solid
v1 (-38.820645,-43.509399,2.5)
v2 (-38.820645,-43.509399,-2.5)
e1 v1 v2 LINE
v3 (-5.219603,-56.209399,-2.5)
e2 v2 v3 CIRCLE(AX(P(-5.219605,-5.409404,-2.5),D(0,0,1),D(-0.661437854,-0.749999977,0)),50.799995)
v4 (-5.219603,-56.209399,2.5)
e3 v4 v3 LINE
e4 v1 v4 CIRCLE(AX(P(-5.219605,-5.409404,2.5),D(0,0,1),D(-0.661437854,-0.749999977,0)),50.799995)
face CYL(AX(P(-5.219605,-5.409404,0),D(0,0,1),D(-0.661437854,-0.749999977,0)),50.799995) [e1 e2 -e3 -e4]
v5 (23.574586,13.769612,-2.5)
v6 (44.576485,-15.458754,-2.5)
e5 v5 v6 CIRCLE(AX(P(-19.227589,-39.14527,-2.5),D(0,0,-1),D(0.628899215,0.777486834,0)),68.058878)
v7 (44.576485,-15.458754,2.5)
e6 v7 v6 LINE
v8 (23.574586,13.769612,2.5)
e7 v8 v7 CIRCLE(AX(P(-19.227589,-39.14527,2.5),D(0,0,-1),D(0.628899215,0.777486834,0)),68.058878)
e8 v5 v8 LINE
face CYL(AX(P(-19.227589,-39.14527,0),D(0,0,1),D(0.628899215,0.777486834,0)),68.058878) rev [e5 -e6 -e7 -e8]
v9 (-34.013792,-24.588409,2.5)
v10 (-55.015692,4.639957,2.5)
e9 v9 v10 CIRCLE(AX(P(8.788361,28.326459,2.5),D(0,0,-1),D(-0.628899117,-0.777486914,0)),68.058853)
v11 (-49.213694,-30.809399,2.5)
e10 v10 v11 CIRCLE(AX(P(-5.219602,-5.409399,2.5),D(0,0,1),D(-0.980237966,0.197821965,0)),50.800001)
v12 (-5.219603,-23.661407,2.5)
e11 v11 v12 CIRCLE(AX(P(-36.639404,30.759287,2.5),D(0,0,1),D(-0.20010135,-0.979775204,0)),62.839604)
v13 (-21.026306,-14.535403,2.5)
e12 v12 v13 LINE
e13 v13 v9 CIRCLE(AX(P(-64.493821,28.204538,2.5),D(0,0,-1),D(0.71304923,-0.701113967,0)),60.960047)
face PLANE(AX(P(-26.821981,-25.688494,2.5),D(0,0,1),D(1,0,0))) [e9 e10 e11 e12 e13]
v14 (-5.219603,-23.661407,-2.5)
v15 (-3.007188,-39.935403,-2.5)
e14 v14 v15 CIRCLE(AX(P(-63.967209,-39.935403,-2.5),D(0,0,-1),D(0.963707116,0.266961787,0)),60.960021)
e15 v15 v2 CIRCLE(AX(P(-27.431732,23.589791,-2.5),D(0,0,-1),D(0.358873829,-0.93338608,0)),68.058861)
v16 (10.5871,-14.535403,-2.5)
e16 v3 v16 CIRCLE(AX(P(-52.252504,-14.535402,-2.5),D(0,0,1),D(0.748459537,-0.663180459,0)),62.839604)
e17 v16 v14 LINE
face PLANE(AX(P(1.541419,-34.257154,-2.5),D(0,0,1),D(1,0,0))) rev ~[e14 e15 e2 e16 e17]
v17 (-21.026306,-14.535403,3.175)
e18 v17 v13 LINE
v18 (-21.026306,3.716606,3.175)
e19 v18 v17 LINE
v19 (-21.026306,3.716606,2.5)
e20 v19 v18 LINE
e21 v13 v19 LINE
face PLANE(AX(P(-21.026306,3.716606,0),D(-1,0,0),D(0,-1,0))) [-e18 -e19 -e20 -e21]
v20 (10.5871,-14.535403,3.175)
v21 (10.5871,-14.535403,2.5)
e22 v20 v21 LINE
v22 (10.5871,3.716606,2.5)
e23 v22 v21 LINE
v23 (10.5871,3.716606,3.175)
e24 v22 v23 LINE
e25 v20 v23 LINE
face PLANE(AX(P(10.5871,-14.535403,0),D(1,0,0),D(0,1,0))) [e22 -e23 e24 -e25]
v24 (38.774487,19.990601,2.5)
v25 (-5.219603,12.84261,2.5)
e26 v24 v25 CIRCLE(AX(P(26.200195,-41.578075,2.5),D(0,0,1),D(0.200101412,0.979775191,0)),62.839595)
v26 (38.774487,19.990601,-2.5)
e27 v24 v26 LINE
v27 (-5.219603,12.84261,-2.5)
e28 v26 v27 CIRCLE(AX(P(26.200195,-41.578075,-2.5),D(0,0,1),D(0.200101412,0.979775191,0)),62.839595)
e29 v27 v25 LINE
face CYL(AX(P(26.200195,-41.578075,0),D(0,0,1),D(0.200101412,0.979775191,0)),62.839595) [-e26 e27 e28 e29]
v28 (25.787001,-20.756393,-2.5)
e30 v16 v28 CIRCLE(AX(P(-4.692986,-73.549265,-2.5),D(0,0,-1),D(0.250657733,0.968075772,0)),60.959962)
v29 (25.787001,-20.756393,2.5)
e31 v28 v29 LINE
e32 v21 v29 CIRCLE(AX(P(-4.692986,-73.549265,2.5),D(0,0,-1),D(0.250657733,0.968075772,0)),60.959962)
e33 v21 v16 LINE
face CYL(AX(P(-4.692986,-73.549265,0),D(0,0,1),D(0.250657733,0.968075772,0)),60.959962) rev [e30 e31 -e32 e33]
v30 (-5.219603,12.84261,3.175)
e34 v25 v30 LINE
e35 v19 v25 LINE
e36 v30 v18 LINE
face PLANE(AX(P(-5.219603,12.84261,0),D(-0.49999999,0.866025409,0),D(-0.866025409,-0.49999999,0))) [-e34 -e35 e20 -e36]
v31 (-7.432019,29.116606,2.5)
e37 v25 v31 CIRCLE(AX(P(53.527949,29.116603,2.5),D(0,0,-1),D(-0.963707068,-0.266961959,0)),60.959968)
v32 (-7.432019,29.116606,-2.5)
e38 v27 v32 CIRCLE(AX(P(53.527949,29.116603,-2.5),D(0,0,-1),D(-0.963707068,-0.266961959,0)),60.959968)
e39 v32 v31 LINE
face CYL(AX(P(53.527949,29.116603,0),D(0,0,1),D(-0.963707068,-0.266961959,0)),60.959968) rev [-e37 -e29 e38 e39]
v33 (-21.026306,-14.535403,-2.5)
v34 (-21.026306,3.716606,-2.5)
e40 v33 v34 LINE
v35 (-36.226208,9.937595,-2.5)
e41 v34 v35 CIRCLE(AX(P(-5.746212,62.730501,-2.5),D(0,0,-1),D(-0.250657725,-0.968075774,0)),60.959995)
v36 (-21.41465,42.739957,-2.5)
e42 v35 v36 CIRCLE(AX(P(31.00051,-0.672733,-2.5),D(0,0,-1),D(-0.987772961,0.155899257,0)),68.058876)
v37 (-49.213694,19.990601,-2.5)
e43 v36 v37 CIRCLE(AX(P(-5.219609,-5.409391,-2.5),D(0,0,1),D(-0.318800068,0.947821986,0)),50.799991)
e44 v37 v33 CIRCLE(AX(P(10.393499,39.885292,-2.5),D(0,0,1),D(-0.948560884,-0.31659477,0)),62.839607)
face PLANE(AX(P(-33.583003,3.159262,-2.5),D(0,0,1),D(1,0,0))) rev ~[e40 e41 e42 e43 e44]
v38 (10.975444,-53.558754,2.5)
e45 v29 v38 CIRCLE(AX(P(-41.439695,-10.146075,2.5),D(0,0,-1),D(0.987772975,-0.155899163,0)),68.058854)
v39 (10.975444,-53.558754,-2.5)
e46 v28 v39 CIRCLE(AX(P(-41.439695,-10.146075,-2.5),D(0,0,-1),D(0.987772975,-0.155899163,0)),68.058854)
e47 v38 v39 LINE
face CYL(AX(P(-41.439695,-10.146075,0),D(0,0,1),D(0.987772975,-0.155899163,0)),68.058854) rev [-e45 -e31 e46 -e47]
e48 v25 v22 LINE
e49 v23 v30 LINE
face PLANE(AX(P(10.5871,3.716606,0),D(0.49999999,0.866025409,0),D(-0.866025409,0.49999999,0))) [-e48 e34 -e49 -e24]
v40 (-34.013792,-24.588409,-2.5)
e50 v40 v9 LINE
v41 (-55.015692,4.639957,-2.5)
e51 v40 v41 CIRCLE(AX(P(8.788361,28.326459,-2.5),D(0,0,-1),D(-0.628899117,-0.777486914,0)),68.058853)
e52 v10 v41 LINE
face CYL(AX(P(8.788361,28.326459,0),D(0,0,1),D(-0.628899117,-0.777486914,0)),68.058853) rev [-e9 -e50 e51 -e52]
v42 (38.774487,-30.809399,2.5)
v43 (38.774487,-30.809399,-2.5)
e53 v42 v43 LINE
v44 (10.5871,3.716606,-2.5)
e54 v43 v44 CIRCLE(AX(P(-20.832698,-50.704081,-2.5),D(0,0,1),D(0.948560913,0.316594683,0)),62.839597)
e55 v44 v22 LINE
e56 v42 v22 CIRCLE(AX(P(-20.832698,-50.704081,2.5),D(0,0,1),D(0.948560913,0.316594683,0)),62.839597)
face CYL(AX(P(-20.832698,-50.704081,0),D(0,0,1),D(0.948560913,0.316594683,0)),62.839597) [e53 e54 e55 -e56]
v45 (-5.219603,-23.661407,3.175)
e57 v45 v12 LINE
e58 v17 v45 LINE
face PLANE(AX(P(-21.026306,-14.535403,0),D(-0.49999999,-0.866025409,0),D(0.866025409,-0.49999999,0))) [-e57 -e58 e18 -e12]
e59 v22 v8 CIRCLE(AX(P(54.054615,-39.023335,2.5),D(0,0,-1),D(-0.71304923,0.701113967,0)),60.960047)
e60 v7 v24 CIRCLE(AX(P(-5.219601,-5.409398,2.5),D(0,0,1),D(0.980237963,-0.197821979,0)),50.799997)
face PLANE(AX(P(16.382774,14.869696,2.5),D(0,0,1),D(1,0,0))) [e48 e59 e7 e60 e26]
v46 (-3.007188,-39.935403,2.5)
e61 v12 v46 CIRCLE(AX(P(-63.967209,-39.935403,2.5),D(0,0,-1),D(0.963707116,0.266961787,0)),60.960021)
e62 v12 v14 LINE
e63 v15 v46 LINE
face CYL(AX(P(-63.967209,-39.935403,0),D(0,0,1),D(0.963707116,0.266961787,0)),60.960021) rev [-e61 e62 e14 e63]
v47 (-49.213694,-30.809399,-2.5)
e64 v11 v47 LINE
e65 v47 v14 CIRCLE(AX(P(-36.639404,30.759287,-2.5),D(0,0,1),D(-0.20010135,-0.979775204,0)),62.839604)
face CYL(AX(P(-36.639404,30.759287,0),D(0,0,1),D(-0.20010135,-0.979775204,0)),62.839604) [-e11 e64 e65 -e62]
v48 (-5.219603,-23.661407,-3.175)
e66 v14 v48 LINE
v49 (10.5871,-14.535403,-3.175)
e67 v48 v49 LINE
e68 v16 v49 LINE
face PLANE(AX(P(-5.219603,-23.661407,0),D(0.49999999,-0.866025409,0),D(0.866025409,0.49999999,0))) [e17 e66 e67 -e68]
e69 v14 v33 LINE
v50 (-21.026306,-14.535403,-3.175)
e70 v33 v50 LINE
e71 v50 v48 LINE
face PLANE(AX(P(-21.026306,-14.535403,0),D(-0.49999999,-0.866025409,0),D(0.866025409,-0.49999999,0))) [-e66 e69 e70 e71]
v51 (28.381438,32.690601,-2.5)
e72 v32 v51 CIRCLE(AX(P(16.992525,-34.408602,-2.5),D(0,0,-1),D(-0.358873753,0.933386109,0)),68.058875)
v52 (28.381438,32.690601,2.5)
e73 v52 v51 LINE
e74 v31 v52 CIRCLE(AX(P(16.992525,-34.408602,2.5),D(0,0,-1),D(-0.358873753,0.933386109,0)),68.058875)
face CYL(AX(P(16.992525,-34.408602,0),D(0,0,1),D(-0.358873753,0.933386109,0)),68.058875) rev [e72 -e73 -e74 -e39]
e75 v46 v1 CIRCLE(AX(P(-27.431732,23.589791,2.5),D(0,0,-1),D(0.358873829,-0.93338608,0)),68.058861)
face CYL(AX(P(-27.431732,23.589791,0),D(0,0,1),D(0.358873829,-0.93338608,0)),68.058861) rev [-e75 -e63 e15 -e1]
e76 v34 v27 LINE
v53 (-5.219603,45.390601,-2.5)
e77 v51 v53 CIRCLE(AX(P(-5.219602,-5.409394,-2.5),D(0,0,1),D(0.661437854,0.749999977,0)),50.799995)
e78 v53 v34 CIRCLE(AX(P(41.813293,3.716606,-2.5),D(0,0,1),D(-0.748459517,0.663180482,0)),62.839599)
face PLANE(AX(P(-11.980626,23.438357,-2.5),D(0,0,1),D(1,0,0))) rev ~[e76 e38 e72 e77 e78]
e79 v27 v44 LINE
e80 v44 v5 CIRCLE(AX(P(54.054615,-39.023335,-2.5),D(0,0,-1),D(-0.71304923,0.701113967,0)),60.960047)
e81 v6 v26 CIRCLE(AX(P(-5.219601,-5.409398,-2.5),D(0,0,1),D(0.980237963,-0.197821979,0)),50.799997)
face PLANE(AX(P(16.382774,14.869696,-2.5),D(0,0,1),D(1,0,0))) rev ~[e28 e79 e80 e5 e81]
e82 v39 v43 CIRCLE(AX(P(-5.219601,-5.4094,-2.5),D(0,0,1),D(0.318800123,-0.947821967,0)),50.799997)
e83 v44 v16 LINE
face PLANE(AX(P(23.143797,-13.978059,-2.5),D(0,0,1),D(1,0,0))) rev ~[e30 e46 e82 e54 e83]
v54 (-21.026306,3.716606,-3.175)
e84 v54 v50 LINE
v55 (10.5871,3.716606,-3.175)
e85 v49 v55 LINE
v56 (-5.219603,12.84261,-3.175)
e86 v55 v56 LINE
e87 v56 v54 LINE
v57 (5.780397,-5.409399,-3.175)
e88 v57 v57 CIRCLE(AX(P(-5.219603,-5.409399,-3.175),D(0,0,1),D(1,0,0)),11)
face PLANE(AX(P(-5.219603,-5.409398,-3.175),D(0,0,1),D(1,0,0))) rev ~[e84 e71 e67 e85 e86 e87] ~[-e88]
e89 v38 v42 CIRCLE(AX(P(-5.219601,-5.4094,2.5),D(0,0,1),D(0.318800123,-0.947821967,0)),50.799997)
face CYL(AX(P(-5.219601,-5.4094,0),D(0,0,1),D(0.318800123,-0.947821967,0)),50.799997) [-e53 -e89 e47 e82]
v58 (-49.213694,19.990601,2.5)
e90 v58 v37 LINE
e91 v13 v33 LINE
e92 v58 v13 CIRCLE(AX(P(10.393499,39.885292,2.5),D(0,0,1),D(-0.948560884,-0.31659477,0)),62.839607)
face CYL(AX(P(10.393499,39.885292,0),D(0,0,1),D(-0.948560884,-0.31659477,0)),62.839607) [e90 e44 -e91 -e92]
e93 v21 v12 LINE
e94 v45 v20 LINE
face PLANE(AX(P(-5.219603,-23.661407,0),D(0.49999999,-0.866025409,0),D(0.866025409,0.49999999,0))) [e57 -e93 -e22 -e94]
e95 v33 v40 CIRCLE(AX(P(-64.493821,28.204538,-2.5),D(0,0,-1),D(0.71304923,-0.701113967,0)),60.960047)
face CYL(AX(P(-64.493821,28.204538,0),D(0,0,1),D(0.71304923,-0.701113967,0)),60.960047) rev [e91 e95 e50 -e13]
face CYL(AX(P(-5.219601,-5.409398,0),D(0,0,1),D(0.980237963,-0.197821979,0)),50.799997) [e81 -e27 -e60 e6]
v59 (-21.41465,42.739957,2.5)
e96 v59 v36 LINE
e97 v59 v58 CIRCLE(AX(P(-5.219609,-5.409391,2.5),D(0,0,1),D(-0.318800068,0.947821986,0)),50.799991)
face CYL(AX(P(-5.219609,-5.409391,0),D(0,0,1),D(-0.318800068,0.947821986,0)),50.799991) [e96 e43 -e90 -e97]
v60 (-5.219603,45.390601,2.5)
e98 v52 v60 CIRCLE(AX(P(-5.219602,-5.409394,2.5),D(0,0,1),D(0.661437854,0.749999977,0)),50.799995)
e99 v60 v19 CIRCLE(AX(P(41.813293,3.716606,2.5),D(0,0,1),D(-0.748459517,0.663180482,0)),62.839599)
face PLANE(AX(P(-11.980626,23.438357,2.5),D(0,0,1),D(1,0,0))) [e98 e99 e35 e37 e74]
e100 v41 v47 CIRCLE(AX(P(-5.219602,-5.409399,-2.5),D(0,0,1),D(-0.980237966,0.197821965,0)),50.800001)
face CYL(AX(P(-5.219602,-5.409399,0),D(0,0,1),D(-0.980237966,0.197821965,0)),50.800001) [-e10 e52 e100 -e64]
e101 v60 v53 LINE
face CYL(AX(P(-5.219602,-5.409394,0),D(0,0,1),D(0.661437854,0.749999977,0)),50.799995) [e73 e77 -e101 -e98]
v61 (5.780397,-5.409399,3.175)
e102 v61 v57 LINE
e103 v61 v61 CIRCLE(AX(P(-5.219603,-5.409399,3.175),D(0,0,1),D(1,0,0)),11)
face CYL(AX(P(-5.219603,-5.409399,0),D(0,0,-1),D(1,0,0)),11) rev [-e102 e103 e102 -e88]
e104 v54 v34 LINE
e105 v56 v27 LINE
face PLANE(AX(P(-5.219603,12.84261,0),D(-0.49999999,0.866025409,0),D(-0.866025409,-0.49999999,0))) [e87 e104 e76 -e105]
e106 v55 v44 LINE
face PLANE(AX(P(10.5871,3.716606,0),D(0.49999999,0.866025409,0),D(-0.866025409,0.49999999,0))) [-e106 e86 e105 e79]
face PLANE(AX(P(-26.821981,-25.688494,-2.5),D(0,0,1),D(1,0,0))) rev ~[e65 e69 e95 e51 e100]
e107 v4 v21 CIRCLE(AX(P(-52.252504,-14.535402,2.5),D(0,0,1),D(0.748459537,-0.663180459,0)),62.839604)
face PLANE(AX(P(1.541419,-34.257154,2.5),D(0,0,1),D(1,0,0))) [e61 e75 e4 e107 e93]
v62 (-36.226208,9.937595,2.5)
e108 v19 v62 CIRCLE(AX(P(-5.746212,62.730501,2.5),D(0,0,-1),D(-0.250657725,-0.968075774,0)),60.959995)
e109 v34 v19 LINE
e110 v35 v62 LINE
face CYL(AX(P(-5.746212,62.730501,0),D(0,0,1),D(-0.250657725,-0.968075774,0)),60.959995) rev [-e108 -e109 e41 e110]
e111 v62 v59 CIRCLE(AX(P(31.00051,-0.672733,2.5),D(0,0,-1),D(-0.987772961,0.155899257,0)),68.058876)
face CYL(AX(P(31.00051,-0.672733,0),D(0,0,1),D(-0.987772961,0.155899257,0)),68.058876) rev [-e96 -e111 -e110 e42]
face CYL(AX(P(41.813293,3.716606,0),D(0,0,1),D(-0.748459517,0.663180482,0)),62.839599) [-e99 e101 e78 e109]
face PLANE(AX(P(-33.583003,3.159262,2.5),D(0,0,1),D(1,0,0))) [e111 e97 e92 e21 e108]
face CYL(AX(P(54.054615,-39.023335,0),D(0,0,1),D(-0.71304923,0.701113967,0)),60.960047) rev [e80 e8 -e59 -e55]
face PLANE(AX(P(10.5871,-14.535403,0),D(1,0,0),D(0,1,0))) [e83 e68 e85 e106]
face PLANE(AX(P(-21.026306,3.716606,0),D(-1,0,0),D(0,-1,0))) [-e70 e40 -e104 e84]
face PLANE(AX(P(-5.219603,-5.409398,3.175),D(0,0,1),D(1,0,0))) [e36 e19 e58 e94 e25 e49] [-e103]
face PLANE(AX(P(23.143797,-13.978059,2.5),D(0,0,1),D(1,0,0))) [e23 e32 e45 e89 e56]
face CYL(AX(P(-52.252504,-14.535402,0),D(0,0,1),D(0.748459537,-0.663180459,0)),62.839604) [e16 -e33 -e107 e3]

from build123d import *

# Parameters (mm, degrees)
F1_DEPTH = 2.5
F0_R     = 11
F2_DEPTH = 3.175


with BuildPart() as f1:
    # F0 (on Top) → F1 (new body, symmetric)
    with BuildSketch(Plane.XY):
        with BuildLine():
            ThreePointArc((38.774487, -30.809399), (27.844701, -10.96335), (10.5871, 3.716606))
            Line((10.5871, 3.716606), (10.5871, -14.535403))
            ThreePointArc((10.5871, -14.535403), (18.397515, -17.131664), (25.787001, -20.756393))
            ThreePointArc((25.787001, -20.756393), (32.620851, -25.343511), (38.774487, -30.809399))
        make_face()
        with BuildLine():
            Line((-5.219603, 12.84261), (10.5871, 3.716606))
            ThreePointArc((10.5871, 3.716606), (16.740736, 9.182493), (23.574586, 13.769612))
            ThreePointArc((23.574586, 13.769612), (30.964072, 17.39434), (38.774487, 19.990601))
            ThreePointArc((38.774487, 19.990601), (16.122412, 20.448153), (-5.219603, 12.84261))
        make_face()
        with BuildLine():
            ThreePointArc((-5.219603, -56.209399), (6.502686, -36.820901), (10.5871, -14.535403))
            Line((10.5871, -14.535403), (-5.219603, -23.661407))
            ThreePointArc((-5.219603, -23.661407), (-3.562824, -31.723556), (-3.007188, -39.935403))
            ThreePointArc((-3.007188, -39.935403), (-3.562824, -48.14725), (-5.219603, -56.209399))
        make_face()
        with BuildLine():
            Line((-21.026306, 3.716606), (-5.219603, 12.84261))
            ThreePointArc((-5.219603, 12.84261), (-6.876383, 20.904759), (-7.432019, 29.116606))
            ThreePointArc((-7.432019, 29.116606), (-6.876383, 37.328452), (-5.219603, 45.390601))
            ThreePointArc((-5.219603, 45.390601), (-16.941892, 26.002104), (-21.026306, 3.716606))
        make_face()
        with BuildLine():
            ThreePointArc((10.975444, -53.558754), (26.952844, -44.723183), (38.774487, -30.809399))
            ThreePointArc((38.774487, -30.809399), (32.620851, -25.343511), (25.787001, -20.756393))
            ThreePointArc((25.787001, -20.756393), (20.588854, -38.154406), (10.975444, -53.558754))
        make_face()
        with BuildLine():
            ThreePointArc((38.774487, 19.990601), (30.964072, 17.39434), (23.574586, 13.769612))
            ThreePointArc((23.574586, 13.769612), (36.042633, 0.568877), (44.576485, -15.458754))
            ThreePointArc((44.576485, -15.458754), (44.913356, 2.795866), (38.774487, 19.990601))
        make_face()
        with BuildLine():
            ThreePointArc((-49.213694, -30.809399), (-26.561618, -31.26695), (-5.219603, -23.661407))
            Line((-5.219603, -23.661407), (-21.026306, -14.535403))
            ThreePointArc((-21.026306, -14.535403), (-27.179942, -20.00129), (-34.013792, -24.588409))
            ThreePointArc((-34.013792, -24.588409), (-41.403278, -28.213137), (-49.213694, -30.809399))
        make_face()
        with BuildLine():
            ThreePointArc((-38.820645, -43.509399), (-23.180116, -52.928448), (-5.219603, -56.209399))
            ThreePointArc((-5.219603, -56.209399), (-3.562824, -48.14725), (-3.007188, -39.935403))
            ThreePointArc((-3.007188, -39.935403), (-20.673383, -44.132682), (-38.820645, -43.509399))
        make_face()
        with BuildLine():
            Line((-21.026306, -14.535403), (-21.026306, 3.716606))
            ThreePointArc((-21.026306, 3.716606), (-28.836722, 6.312867), (-36.226208, 9.937595))
            ThreePointArc((-36.226208, 9.937595), (-43.060058, 14.524714), (-49.213694, 19.990601))
            ThreePointArc((-49.213694, 19.990601), (-38.283907, 0.144553), (-21.026306, -14.535403))
        make_face()
        with BuildLine():
            ThreePointArc((-5.219603, 45.390601), (-6.876383, 37.328452), (-7.432019, 29.116606))
            ThreePointArc((-7.432019, 29.116606), (10.234176, 33.313884), (28.381438, 32.690601))
            ThreePointArc((28.381438, 32.690601), (12.740909, 42.10965), (-5.219603, 45.390601))
        make_face()
        with BuildLine():
            ThreePointArc((-55.015692, 4.639957), (-55.352563, -13.614663), (-49.213694, -30.809399))
            ThreePointArc((-49.213694, -30.809399), (-41.403278, -28.213137), (-34.013792, -24.588409))
            ThreePointArc((-34.013792, -24.588409), (-46.48184, -11.387675), (-55.015692, 4.639957))
        make_face()
        with BuildLine():
            ThreePointArc((-49.213694, 19.990601), (-43.060058, 14.524714), (-36.226208, 9.937595))
            ThreePointArc((-36.226208, 9.937595), (-31.02806, 27.335608), (-21.41465, 42.739957))
            ThreePointArc((-21.41465, 42.739957), (-37.392051, 33.904386), (-49.213694, 19.990601))
        make_face()
    extrude(amount=F1_DEPTH, both=True)

    # F0 (on Top) → F2 (join, symmetric)
    with BuildSketch(Plane.XY):
        Polygon((10.5871, -14.535403), (10.5871, 3.716606), (-5.219603, 12.84261), (-21.026306, 3.716606), (-21.026306, -14.535403), (-5.219603, -23.661407), align=None)
        with Locations((-5.219603, -5.409399)):
            Circle(F0_R, mode=Mode.SUBTRACT)
    extrude(amount=F2_DEPTH, both=True)


solid = f1.part
